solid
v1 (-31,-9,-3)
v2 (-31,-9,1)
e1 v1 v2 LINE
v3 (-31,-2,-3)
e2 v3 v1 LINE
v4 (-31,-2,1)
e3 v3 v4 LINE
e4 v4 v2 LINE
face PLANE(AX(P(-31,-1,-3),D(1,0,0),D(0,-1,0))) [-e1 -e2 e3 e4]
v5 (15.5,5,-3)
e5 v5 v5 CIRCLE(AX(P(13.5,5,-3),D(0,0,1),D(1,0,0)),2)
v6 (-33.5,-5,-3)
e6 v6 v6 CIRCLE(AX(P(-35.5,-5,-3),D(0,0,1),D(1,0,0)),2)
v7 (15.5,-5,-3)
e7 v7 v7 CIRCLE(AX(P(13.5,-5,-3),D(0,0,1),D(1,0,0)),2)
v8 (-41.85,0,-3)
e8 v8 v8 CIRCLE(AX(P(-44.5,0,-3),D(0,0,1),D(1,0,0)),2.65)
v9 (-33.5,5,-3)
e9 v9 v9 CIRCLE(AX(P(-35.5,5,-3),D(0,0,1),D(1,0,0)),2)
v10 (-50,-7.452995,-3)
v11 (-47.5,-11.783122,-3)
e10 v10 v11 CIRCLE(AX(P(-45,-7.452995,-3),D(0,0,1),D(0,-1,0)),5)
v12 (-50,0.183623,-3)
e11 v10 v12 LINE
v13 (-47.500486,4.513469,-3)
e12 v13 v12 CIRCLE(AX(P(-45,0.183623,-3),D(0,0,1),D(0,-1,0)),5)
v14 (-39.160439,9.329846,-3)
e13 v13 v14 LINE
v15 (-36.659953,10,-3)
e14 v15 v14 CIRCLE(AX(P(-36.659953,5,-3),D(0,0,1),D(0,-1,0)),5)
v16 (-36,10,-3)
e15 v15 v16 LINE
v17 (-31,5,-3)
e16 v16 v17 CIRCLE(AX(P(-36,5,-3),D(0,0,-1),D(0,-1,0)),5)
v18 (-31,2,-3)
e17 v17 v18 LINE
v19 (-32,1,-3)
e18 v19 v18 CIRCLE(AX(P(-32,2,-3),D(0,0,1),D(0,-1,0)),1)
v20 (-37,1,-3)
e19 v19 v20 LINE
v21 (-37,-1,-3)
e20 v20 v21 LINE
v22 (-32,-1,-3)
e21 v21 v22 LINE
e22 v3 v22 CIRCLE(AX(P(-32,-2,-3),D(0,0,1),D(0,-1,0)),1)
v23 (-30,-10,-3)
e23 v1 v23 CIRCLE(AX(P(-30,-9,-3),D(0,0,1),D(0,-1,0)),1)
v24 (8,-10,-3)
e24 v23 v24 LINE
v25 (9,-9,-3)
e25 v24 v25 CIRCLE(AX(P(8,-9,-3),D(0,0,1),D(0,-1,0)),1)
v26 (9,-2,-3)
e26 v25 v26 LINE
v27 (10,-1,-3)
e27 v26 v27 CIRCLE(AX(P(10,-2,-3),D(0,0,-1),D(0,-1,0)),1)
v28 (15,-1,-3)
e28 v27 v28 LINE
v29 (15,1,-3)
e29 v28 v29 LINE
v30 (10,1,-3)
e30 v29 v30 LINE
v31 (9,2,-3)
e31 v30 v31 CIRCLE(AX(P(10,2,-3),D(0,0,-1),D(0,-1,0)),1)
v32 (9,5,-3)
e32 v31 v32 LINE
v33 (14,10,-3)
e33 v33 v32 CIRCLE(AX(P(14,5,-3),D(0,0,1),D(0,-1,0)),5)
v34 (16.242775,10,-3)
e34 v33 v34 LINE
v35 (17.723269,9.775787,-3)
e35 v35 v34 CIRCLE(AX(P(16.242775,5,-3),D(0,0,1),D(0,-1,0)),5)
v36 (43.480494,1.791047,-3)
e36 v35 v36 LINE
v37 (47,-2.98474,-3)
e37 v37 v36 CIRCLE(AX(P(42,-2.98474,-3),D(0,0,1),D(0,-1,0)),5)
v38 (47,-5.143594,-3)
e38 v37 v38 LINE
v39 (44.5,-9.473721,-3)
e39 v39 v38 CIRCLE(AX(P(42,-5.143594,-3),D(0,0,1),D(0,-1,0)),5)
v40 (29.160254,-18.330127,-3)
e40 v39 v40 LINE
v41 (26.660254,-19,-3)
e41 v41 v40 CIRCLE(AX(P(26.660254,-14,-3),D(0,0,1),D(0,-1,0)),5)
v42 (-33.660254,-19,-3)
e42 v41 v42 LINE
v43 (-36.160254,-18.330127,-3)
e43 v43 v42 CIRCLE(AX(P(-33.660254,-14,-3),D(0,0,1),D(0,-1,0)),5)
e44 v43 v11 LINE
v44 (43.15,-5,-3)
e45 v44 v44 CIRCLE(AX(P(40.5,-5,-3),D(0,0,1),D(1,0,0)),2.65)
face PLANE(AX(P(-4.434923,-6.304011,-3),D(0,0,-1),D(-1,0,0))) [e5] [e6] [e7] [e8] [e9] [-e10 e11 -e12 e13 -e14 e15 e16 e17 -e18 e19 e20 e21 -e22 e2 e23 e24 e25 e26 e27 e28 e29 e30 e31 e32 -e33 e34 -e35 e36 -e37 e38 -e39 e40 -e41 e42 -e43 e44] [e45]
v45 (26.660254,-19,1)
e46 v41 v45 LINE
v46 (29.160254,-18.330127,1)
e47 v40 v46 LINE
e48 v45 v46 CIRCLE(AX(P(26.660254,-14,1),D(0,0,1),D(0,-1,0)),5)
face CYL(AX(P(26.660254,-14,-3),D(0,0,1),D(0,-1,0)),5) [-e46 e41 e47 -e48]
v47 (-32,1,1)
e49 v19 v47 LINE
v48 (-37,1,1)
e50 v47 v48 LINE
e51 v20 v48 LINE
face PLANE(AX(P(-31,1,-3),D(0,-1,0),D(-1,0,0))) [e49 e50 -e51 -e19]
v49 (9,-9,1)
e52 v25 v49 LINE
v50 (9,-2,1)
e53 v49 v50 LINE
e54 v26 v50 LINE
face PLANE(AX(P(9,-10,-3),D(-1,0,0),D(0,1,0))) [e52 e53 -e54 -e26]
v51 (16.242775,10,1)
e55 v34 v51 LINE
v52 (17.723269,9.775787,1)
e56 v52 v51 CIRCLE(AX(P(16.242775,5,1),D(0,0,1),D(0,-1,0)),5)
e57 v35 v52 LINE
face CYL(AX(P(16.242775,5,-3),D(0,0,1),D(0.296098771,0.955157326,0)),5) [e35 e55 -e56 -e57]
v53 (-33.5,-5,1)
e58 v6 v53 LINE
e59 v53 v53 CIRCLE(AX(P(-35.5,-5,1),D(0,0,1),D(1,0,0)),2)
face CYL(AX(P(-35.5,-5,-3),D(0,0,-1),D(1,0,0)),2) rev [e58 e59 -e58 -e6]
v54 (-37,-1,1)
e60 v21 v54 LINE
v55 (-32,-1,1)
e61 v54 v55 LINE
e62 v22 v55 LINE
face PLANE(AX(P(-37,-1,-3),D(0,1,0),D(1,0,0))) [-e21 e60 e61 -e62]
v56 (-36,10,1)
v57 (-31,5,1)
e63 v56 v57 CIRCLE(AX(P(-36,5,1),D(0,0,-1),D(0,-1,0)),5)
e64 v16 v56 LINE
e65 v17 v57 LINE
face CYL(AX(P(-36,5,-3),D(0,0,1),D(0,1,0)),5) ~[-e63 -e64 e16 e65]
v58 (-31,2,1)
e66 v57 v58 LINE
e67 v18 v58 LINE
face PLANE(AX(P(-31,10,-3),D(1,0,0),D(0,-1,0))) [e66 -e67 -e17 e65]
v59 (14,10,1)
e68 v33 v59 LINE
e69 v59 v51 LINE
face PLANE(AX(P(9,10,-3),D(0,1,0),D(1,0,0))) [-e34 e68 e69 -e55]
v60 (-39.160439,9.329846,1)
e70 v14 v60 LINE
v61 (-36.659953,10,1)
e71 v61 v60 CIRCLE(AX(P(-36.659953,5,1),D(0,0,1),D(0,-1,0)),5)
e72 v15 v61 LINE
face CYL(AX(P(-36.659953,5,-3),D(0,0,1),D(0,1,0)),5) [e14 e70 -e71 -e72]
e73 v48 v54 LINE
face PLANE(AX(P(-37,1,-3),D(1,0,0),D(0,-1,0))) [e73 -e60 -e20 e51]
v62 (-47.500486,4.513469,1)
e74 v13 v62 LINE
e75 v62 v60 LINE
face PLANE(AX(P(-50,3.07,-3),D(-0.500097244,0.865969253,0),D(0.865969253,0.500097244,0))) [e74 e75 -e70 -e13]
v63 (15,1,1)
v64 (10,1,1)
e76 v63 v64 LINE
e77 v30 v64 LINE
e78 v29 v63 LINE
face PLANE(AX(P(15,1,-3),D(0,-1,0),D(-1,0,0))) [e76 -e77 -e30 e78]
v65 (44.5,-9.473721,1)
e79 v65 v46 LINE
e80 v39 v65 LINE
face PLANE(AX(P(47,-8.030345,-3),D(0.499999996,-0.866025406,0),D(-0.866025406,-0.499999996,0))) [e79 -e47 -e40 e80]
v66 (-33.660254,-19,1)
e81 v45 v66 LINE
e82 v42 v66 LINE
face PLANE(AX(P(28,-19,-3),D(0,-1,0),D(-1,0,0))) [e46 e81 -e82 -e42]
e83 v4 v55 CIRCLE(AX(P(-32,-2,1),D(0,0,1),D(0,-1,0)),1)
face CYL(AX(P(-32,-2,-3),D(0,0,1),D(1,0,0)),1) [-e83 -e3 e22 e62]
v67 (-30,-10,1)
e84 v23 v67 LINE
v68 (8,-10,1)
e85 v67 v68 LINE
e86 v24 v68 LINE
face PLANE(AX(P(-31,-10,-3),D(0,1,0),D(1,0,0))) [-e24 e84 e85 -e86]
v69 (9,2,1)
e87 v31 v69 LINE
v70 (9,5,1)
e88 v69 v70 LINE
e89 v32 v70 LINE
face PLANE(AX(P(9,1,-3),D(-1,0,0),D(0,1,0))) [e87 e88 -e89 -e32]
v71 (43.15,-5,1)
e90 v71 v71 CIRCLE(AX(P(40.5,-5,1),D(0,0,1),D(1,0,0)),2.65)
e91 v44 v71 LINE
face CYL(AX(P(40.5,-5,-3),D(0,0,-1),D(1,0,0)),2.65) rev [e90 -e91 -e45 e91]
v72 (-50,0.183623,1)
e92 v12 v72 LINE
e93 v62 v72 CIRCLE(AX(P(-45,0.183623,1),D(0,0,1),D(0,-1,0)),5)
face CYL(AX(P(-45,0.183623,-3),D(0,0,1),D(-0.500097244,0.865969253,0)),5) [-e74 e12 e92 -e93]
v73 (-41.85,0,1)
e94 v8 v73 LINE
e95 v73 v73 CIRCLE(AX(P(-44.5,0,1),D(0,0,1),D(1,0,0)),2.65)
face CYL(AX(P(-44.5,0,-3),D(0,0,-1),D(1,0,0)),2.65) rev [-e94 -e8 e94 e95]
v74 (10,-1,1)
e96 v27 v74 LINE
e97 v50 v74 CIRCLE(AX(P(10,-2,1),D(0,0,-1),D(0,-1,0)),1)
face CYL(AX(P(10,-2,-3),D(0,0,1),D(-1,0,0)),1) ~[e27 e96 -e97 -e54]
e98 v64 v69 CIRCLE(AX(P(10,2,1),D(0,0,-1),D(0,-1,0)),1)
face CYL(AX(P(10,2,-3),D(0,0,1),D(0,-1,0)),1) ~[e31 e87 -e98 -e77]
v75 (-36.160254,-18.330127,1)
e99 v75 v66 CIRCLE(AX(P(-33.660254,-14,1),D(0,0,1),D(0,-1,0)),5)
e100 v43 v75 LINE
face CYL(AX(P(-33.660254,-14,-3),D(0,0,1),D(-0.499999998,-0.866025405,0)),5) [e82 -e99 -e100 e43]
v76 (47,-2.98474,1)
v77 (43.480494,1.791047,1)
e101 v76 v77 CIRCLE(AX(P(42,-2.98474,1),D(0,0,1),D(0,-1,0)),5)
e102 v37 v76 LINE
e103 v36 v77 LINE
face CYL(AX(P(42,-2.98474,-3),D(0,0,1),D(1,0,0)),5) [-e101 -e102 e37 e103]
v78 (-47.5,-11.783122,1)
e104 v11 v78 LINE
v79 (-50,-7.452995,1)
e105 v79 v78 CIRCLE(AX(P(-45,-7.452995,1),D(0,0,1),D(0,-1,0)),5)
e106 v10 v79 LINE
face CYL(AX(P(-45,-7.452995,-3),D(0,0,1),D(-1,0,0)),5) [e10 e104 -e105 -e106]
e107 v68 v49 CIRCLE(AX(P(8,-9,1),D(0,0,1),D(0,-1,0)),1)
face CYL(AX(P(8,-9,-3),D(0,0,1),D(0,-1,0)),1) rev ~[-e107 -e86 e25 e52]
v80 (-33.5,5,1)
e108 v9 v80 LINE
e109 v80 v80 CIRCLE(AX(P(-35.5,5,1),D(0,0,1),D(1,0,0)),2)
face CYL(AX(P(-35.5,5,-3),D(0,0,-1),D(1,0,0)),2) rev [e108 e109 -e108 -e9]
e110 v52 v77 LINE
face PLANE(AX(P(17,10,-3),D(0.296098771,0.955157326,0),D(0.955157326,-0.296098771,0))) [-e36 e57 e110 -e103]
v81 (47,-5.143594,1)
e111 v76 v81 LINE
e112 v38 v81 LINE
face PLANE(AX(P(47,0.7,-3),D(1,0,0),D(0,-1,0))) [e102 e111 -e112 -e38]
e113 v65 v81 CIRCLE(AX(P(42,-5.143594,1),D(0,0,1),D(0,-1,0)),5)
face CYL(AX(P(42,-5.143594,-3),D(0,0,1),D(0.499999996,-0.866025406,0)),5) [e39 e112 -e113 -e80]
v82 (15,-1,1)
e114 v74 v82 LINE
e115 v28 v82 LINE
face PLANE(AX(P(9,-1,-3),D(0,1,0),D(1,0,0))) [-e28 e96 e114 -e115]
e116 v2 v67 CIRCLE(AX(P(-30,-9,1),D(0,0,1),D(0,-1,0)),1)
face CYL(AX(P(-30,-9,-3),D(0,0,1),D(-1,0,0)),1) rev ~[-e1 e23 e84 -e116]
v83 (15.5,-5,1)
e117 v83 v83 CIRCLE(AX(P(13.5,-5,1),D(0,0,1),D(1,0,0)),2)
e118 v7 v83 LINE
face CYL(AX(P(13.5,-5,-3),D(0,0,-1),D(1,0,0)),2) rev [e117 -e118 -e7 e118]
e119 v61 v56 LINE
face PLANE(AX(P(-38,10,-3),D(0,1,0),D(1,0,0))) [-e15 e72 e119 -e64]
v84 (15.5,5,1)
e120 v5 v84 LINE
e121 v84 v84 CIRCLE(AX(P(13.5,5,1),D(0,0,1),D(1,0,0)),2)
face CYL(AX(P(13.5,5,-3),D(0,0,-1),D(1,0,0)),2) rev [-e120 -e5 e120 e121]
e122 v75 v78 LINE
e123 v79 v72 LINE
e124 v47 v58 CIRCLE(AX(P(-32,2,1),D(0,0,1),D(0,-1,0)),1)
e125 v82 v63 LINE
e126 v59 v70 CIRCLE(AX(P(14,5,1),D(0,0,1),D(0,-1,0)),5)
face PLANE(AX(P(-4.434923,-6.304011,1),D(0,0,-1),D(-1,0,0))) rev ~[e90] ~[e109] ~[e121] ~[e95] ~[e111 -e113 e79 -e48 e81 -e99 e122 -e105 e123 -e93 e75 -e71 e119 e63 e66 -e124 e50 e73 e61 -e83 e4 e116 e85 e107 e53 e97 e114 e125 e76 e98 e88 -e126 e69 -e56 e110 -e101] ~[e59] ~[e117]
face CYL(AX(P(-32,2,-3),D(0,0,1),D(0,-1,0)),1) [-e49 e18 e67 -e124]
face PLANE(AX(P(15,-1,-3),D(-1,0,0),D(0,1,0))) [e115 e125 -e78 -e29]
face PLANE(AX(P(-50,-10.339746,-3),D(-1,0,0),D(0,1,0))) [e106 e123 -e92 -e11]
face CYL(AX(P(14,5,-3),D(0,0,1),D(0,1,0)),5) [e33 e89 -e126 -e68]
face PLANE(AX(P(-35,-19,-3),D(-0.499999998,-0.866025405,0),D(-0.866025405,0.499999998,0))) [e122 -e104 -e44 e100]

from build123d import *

# Parameters (mm, degrees)
SKETCH005_R   = 2
SKETCH005_R_2 = 2.65
PAD_DEPTH     = 4
FILLET_R      = 5
FILLET001_R   = 1
FILLET002_R   = 1


with BuildPart() as part:
    # Sketch005 → Pad (new body)
    with BuildSketch(Plane.XY.offset(-3)):
        Polygon((-38, 10), (-31, 10), (-31, 1), (-37, 1), (-37, -1), (-31, -1), (-31, -10), (9, -10), (9, -1), (15, -1), (15, 1), (9, 1), (9, 10), (17, 10), (47, 0.7), (47, -8.030345), (28, -19), (-35, -19), (-50, -10.339746), (-50, 3.07), align=None)
        with Locations((-35.5, 5)):
            Circle(SKETCH005_R, mode=Mode.SUBTRACT)
        with Locations((-35.5, -5)):
            Circle(SKETCH005_R, mode=Mode.SUBTRACT)
        with Locations((13.5, 5)):
            Circle(SKETCH005_R, mode=Mode.SUBTRACT)
        with Locations((13.5, -5)):
            Circle(SKETCH005_R, mode=Mode.SUBTRACT)
        with Locations((-44.5, 0)):
            Circle(SKETCH005_R_2, mode=Mode.SUBTRACT)
        with Locations((40.5, -5)):
            Circle(SKETCH005_R_2, mode=Mode.SUBTRACT)
    extrude(amount=PAD_DEPTH)

    # Fillet
    fillet_edges = [part.edges().sort_by_distance(p)[0] for p in [
        (28, -19, -1),
        (47, -8.030345, -1),
        (-35, -19, -1),
        (-50, -10.339746, -1),
        (-50, 3.07, -1),
        (-38, 10, -1),
        (47, 0.7, -1),
        (17, 10, -1),
        (-31, 10, -1),
        (9, 10, -1),
    ]]
    fillet(fillet_edges, radius=FILLET_R)

    # Fillet001
    fillet001_edges = [part.edges().sort_by_distance(p)[0] for p in [
        (-31, -10, -1),
        (9, -10, -1),
    ]]
    fillet(fillet001_edges, radius=FILLET001_R)

    # Fillet002
    fillet002_edges = [part.edges().sort_by_distance(p)[0] for p in [
        (-31, -1, -1),
        (-31, 1, -1),
        (9, 1, -1),
        (9, -1, -1),
    ]]
    fillet(fillet002_edges, radius=FILLET002_R)


solid = part.part
